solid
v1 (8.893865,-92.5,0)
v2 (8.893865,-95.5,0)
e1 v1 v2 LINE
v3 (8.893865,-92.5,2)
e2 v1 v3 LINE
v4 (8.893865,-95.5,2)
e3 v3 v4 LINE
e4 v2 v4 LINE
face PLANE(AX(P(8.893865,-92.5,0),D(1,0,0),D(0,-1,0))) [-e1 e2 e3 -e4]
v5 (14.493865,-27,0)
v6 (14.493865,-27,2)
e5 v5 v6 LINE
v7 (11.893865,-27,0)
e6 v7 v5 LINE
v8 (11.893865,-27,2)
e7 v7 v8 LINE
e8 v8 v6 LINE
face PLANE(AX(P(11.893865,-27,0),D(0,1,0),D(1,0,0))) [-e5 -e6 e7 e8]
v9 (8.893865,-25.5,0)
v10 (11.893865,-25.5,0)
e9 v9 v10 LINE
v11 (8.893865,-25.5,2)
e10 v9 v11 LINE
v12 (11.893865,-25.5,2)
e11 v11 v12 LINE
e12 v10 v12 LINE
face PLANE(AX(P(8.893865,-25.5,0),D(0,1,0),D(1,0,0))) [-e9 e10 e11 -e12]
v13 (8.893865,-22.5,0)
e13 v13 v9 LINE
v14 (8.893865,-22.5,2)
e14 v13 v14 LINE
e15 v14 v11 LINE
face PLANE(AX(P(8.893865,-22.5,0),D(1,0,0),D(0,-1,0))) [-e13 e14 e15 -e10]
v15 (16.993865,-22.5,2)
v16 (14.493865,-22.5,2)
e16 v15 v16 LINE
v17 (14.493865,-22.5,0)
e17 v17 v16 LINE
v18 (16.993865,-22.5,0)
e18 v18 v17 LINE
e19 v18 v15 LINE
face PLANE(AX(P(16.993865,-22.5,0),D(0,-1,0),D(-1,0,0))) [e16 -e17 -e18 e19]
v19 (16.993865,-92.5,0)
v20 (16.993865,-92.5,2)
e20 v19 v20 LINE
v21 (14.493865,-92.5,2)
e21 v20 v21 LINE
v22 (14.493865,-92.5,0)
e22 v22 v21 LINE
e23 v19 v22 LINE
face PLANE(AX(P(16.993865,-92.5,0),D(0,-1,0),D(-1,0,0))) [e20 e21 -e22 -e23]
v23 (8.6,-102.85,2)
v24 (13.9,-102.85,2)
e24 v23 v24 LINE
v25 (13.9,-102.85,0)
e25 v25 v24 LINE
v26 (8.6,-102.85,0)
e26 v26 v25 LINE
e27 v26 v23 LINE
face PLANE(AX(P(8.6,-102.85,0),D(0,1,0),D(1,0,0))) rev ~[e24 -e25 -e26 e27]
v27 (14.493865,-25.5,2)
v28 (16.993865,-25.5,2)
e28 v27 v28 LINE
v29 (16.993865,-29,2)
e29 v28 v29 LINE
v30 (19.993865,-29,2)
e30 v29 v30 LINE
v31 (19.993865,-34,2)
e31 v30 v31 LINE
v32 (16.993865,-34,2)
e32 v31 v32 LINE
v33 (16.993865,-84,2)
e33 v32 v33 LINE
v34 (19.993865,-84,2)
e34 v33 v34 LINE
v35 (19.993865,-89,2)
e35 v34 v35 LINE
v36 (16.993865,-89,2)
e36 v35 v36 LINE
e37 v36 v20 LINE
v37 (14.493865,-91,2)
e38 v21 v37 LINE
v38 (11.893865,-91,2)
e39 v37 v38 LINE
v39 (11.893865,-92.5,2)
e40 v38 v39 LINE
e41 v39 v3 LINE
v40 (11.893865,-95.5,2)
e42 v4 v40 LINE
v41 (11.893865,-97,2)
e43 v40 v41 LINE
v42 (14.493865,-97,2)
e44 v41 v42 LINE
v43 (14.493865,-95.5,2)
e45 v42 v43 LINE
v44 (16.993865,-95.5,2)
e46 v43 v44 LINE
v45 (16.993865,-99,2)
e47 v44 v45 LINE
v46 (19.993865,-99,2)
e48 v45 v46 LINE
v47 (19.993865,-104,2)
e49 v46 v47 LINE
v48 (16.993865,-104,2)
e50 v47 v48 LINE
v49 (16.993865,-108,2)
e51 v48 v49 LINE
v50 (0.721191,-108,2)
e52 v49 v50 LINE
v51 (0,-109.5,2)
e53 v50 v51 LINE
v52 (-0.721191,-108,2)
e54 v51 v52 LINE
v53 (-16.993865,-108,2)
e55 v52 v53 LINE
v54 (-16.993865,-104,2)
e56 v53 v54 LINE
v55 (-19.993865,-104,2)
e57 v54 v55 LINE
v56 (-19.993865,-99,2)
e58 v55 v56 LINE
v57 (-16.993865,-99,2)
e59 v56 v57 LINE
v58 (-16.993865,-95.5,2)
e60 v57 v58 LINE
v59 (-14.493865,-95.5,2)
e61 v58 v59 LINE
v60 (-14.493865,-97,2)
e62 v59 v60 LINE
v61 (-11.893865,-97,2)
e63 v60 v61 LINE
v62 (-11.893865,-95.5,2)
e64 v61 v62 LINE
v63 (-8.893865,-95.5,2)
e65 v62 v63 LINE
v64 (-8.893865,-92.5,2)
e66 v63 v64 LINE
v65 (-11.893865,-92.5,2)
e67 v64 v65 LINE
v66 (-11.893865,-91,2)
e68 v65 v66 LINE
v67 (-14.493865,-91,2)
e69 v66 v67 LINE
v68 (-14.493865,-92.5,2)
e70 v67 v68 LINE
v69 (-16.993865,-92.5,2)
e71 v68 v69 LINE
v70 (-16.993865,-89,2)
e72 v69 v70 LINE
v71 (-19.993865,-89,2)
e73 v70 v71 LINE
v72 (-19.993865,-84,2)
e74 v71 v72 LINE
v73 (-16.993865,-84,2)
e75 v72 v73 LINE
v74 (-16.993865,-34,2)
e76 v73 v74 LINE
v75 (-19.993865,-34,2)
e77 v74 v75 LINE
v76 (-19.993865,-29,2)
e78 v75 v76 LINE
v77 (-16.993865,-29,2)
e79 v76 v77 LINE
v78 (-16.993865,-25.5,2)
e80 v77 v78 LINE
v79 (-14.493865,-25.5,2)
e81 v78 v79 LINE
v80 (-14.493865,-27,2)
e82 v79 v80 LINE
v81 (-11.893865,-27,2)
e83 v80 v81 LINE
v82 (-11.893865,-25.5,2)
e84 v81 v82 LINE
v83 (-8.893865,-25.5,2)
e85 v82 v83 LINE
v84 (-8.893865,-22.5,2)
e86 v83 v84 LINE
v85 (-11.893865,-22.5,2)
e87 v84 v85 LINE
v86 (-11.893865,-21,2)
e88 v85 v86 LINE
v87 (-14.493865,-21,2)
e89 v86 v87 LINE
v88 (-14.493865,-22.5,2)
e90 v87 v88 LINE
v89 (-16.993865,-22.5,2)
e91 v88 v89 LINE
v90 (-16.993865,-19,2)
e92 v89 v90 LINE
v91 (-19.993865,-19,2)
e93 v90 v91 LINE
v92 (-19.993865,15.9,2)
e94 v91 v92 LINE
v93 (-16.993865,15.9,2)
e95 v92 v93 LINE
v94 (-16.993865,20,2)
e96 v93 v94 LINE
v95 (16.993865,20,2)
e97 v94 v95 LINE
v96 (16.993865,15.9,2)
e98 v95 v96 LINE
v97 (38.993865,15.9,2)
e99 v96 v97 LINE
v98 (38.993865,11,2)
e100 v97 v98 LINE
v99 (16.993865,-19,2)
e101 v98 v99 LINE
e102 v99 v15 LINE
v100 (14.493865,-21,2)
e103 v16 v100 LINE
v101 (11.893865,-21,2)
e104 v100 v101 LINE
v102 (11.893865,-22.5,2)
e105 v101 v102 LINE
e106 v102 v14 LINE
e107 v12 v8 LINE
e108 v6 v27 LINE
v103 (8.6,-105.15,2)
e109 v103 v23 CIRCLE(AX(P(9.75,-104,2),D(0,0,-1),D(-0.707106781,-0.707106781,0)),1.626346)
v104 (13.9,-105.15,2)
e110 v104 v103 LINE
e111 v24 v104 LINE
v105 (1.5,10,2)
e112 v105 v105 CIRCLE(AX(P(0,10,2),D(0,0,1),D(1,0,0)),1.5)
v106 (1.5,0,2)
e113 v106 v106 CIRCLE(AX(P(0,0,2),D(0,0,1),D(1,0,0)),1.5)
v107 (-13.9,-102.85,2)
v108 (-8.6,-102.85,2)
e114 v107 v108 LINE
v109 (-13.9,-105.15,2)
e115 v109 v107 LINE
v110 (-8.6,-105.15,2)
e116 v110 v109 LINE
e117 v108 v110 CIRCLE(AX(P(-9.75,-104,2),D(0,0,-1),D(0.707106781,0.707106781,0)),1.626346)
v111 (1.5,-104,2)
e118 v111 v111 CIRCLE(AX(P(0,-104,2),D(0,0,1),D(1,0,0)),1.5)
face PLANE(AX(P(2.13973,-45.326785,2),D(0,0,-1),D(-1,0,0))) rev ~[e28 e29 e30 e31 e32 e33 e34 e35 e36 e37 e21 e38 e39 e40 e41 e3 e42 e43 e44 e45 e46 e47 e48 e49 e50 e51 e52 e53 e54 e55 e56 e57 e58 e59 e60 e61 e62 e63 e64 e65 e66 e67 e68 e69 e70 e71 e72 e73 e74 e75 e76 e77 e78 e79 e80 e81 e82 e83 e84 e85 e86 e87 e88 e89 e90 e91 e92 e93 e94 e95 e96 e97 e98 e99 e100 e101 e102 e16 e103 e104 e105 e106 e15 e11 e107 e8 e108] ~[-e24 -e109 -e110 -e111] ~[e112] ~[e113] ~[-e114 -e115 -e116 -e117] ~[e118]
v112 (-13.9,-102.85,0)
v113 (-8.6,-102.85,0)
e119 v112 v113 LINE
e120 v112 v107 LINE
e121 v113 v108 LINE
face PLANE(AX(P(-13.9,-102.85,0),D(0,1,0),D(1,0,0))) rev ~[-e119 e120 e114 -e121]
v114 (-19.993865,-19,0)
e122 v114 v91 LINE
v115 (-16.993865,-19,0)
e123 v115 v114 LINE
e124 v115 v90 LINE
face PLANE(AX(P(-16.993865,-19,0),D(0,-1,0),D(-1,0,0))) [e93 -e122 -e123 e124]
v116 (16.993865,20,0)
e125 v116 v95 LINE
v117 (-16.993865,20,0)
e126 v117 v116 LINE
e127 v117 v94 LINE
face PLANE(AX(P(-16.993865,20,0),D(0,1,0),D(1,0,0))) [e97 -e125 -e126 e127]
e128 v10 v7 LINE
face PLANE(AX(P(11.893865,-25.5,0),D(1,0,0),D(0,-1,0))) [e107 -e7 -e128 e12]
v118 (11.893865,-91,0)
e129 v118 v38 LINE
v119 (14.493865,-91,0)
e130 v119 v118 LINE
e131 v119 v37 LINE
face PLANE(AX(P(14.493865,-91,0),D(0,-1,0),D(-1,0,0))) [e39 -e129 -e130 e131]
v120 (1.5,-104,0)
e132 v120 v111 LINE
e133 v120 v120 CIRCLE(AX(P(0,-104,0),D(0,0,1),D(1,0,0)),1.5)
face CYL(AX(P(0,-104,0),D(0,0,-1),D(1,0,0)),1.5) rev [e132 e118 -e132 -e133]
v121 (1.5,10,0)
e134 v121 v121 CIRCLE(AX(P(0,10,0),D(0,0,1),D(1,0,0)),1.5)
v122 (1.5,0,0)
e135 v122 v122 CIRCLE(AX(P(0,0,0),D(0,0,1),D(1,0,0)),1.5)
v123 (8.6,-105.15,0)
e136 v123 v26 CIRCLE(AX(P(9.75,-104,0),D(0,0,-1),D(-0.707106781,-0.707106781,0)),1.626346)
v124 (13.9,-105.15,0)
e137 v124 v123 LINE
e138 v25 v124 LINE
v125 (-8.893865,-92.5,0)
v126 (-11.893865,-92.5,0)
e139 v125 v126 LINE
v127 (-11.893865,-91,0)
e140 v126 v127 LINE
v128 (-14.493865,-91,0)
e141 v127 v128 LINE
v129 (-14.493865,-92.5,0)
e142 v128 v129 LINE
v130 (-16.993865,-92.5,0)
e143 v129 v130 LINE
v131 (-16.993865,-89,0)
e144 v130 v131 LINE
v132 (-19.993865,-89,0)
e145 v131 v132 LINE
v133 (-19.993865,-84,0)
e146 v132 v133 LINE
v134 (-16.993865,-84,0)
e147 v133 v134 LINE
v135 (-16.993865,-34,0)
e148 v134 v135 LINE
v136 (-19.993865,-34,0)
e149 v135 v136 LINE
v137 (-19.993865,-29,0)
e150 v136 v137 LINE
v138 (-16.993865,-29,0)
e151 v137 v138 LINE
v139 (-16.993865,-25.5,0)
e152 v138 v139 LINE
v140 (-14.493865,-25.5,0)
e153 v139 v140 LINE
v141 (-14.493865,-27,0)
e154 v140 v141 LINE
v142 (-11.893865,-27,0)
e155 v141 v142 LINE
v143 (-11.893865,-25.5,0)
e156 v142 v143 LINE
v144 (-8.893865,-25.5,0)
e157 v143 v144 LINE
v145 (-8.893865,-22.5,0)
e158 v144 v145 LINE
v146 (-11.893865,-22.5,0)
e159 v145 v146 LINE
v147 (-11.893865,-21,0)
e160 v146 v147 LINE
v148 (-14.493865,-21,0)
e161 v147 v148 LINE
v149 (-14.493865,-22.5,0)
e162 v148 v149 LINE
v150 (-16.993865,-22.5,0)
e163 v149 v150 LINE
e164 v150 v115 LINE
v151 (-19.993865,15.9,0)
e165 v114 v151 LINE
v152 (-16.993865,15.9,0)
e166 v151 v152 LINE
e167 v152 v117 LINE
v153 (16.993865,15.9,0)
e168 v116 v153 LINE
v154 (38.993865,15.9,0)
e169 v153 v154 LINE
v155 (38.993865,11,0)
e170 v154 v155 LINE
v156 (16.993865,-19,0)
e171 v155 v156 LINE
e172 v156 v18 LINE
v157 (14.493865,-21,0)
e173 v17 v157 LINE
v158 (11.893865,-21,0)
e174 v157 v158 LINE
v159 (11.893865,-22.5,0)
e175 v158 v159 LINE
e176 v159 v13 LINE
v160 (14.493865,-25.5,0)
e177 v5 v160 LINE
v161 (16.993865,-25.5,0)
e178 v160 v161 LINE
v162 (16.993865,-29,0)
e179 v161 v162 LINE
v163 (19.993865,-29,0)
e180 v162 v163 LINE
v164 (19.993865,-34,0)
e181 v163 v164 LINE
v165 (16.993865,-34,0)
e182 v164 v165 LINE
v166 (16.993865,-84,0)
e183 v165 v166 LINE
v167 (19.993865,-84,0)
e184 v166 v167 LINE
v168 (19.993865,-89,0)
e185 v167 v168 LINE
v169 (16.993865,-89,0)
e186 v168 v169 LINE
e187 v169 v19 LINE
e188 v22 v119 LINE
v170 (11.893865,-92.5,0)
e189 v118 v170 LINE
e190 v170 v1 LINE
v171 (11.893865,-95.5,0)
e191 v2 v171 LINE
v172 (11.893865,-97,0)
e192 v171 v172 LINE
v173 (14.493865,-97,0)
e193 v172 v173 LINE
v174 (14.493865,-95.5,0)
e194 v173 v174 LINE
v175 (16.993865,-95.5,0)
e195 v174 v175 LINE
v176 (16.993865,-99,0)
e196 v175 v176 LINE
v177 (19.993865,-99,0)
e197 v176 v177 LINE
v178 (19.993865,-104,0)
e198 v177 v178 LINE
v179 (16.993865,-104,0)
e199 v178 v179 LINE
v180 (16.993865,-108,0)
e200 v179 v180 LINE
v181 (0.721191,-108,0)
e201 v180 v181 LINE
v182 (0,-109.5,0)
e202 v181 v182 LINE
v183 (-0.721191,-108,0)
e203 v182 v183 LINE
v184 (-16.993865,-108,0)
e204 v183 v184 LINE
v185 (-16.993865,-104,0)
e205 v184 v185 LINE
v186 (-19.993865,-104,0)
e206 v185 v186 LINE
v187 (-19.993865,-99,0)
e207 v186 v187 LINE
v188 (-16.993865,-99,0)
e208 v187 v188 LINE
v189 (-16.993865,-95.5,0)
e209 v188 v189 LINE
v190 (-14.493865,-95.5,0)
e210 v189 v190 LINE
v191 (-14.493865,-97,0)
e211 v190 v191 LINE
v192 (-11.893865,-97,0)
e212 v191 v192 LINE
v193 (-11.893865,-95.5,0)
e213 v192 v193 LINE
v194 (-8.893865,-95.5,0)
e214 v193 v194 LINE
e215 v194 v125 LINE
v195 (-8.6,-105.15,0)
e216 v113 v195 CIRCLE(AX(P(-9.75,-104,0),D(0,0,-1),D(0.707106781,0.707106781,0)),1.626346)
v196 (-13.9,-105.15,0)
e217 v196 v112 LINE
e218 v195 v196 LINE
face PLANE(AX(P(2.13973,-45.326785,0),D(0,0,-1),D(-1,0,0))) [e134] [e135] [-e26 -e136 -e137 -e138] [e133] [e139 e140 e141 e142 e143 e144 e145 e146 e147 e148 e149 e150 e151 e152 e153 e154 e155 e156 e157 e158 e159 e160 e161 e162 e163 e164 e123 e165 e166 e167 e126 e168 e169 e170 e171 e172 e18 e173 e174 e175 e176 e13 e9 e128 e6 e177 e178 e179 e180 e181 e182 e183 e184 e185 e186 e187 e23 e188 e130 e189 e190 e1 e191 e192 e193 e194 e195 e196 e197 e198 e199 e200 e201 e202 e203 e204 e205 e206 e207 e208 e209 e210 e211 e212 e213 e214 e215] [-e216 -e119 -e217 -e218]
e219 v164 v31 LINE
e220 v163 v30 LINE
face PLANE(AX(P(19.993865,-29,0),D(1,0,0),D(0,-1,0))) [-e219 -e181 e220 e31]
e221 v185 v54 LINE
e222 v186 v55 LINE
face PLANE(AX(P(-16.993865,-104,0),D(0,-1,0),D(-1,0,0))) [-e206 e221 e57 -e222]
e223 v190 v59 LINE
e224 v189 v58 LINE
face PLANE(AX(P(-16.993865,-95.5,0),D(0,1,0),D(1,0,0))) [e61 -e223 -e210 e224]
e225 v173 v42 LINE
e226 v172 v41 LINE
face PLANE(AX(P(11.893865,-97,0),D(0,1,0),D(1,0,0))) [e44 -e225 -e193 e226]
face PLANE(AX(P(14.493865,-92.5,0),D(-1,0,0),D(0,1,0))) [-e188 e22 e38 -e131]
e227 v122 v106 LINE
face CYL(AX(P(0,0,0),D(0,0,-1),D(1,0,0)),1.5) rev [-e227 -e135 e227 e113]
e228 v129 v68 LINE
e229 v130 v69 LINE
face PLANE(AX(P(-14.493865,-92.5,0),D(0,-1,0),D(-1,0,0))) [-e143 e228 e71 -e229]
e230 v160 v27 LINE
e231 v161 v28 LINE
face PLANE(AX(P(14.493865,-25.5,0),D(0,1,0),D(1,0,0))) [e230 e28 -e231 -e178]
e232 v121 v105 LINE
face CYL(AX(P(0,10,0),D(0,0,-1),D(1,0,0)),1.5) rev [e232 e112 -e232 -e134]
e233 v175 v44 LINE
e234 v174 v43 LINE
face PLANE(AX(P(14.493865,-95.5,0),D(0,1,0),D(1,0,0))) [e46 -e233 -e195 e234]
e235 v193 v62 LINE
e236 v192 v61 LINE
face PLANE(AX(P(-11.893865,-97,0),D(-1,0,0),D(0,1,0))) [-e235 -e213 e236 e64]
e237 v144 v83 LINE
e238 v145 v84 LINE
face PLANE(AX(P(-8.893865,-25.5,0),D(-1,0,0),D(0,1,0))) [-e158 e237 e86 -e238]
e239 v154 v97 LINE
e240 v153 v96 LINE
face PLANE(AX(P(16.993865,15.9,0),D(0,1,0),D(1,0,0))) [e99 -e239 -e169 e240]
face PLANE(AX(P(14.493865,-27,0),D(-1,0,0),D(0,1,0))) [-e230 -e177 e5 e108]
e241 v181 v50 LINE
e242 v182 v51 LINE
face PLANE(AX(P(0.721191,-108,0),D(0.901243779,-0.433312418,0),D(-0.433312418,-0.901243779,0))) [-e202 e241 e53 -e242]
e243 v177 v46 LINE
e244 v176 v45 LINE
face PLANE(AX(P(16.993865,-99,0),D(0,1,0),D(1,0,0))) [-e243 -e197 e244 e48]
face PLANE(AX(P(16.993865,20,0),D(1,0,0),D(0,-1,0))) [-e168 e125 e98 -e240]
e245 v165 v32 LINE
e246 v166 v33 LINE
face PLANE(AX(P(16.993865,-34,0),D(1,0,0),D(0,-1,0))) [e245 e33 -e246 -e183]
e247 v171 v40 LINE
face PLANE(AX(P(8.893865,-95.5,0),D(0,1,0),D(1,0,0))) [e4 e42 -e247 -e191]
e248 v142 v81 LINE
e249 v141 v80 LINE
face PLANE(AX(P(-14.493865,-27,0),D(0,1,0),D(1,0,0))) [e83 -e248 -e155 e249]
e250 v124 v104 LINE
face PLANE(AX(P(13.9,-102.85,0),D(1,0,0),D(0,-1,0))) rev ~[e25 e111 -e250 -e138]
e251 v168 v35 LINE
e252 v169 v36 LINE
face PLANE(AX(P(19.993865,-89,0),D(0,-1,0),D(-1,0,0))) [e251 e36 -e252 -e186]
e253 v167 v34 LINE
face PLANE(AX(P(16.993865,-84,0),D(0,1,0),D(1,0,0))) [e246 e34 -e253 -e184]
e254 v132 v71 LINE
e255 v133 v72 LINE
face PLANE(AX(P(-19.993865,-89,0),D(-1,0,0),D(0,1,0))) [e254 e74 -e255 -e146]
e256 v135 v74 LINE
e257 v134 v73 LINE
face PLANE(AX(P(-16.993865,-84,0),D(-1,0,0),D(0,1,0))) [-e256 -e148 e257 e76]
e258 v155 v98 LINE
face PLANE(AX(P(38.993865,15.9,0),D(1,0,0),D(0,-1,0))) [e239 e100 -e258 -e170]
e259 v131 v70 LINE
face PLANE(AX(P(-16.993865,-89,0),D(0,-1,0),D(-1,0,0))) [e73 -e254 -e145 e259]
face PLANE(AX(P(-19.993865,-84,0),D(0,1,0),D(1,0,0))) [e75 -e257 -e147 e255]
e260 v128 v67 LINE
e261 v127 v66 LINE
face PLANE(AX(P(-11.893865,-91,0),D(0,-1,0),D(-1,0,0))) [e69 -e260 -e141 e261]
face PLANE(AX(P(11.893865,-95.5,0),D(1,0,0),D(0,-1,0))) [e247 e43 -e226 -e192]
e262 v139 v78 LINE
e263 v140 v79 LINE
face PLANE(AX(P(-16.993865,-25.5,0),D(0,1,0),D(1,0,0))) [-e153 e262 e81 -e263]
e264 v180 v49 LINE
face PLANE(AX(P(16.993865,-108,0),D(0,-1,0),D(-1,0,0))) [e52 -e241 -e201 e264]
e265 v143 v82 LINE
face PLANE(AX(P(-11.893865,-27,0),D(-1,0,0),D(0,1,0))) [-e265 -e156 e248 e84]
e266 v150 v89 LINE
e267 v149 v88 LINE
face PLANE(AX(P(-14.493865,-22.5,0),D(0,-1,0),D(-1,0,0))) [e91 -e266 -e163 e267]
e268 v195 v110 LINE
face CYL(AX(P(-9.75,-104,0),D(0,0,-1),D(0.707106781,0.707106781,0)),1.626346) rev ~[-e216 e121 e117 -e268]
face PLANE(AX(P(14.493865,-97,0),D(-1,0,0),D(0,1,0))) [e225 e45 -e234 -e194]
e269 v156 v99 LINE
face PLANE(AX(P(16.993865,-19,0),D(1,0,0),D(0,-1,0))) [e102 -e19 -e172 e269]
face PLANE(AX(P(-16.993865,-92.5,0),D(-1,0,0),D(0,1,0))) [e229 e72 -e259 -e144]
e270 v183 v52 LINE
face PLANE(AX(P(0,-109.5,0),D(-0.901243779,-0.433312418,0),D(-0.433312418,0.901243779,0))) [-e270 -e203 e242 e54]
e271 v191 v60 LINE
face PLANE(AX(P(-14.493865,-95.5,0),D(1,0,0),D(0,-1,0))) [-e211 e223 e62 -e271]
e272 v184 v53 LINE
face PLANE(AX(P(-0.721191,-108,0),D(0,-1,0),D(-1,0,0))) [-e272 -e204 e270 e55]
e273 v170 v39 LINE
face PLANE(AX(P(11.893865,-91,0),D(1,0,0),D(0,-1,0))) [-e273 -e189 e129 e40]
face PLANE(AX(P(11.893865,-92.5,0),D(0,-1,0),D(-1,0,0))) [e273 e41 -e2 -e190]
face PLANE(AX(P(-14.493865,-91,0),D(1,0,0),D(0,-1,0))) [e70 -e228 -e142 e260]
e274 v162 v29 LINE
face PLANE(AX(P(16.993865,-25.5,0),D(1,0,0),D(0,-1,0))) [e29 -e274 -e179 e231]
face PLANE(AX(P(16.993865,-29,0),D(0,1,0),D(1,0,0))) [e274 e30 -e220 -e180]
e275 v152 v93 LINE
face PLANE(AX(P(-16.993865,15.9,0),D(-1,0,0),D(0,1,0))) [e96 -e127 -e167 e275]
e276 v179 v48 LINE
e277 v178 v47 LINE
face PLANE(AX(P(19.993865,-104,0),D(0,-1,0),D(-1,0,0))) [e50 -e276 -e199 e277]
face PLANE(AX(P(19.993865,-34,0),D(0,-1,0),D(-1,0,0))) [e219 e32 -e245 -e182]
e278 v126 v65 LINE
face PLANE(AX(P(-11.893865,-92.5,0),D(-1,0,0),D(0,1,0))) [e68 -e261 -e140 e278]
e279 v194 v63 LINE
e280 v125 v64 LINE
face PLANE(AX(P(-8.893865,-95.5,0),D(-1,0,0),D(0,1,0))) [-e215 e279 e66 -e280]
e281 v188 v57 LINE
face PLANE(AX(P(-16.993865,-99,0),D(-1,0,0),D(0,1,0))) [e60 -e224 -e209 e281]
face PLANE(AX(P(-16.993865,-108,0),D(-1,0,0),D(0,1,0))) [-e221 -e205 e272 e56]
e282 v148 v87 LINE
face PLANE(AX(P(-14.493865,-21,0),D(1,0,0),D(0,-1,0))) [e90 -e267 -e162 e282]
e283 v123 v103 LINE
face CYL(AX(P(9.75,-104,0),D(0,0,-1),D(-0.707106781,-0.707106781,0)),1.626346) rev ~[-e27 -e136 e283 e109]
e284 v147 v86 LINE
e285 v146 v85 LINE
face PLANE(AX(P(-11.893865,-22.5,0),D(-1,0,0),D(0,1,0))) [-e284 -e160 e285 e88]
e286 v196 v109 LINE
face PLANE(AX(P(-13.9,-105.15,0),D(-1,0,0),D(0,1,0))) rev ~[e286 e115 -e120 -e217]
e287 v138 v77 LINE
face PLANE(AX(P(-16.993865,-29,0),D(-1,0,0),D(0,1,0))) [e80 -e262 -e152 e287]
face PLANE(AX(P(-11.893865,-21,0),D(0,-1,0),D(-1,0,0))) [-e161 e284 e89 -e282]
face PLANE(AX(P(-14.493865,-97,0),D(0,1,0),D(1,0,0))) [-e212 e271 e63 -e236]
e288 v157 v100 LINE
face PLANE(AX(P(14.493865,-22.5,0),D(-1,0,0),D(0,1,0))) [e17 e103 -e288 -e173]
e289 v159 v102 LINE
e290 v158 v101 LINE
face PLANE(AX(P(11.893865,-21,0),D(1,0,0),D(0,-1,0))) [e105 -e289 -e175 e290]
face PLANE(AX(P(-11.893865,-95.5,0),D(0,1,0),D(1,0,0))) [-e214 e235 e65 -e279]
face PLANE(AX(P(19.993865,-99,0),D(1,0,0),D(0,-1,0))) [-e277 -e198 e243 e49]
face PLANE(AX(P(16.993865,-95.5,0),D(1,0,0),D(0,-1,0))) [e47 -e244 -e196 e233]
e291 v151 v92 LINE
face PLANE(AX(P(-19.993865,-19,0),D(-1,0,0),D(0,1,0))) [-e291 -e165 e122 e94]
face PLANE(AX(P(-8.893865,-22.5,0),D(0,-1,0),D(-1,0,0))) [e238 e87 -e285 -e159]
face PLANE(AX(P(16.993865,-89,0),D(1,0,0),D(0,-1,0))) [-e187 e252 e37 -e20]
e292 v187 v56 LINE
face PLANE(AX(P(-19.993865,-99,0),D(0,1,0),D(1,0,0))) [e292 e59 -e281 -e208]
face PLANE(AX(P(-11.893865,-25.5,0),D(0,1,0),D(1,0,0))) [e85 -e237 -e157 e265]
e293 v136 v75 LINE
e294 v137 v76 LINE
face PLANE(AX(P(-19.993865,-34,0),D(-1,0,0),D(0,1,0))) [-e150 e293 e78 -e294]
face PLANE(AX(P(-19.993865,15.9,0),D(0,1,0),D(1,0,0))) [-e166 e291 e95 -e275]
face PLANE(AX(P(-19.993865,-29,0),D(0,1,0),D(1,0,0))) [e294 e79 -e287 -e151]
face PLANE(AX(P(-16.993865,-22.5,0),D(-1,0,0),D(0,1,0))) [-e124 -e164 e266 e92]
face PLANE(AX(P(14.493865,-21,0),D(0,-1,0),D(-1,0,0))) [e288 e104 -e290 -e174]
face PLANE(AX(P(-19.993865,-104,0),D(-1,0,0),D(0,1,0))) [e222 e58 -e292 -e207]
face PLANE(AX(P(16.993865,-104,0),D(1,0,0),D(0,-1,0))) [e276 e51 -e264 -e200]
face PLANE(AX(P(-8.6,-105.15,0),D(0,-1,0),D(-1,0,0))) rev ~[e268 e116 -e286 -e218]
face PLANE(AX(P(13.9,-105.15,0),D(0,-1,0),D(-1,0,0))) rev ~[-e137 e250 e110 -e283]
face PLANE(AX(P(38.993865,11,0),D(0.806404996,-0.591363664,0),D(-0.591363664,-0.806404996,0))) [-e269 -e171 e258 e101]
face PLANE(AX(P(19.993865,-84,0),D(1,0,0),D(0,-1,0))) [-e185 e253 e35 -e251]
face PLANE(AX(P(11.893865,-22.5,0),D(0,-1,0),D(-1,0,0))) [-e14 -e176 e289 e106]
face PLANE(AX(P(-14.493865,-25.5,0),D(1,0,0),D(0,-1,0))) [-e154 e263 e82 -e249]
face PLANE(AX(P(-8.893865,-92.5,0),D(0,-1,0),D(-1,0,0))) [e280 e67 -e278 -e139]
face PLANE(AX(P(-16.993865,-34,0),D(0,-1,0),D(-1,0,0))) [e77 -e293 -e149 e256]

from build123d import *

# Parameters (mm, degrees)
SKETCH_1_R      = 1.5
EXTRUDE_1_DEPTH = 2


with BuildPart() as part:
    # 草图1 → 凸台-拉伸1 (new body)
    with BuildSketch(Plane.XY):
        Polygon((16.993865071, -34), (16.993865071, -84), (19.993865071, -84), (19.993865071, -89), (16.993865071, -89), (16.993865071, -92.5), (14.493865071, -92.5), (14.493865071, -91), (11.893865071, -91), (11.893865071, -92.5), (8.893865071, -92.5), (8.893865071, -95.5), (11.893865071, -95.5), (11.893865071, -97), (14.493865071, -97), (14.493865071, -95.5), (16.993865071, -95.5), (16.993865071, -99), (19.993865071, -99), (19.993865071, -104), (16.993865071, -104), (16.993865071, -108), (0.721190694, -108), (0, -109.5), (-0.721190694, -108), (-16.993865071, -108), (-16.993865071, -104), (-19.993865071, -104), (-19.993865071, -99), (-16.993865071, -99), (-16.993865071, -95.5), (-14.493865071, -95.5), (-14.493865071, -97), (-11.893865071, -97), (-11.893865071, -95.5), (-8.893865071, -95.5), (-8.893865071, -92.5), (-11.893865071, -92.5), (-11.893865071, -91), (-14.493865071, -91), (-14.493865071, -92.5), (-16.993865071, -92.5), (-16.993865071, -89), (-19.993865071, -89), (-19.993865071, -84), (-16.993865071, -84), (-16.993865071, -34), (-19.993865071, -34), (-19.993865071, -29), (-16.993865071, -29), (-16.993865071, -25.5), (-14.493865071, -25.5), (-14.493865071, -27), (-11.893865071, -27), (-11.893865071, -25.5), (-8.893865071, -25.5), (-8.893865071, -22.5), (-11.893865071, -22.5), (-11.893865071, -21), (-14.493865071, -21), (-14.493865071, -22.5), (-16.993865071, -22.5), (-16.993865071, -19), (-19.993865071, -19), (-19.993865071, 15.9), (-16.993865071, 15.9), (-16.993865071, 20), (16.993865071, 20), (16.993865071, 15.9), (38.993865071, 15.9), (38.993865071, 11), (16.993865071, -19), (16.993865071, -22.5), (14.493865071, -22.5), (14.493865071, -21), (11.893865071, -21), (11.893865071, -22.5), (8.893865071, -22.5), (8.893865071, -25.5), (11.893865071, -25.5), (11.893865071, -27), (14.493865071, -27), (14.493865071, -25.5), (16.993865071, -25.5), (16.993865071, -29), (19.993865071, -29), (19.993865071, -34), align=None)
        with Locations((0, -104)):
            Circle(SKETCH_1_R, mode=Mode.SUBTRACT)
        Circle(SKETCH_1_R, mode=Mode.SUBTRACT)
        with Locations((0, 10)):
            Circle(SKETCH_1_R, mode=Mode.SUBTRACT)
        with BuildLine():
            Line((13.9, -105.15), (8.6, -105.15))
            ThreePointArc((8.6, -105.15), (8.123654403, -104), (8.6, -102.85))
            Line((8.6, -102.85), (13.9, -102.85))
            Line((13.9, -102.85), (13.9, -105.15))
        make_face(mode=Mode.SUBTRACT)
        with BuildLine():
            Line((-13.9, -102.85), (-8.6, -102.85))
            ThreePointArc((-8.6, -102.85), (-8.123654403, -104), (-8.6, -105.15))
            Line((-8.6, -105.15), (-13.9, -105.15))
            Line((-13.9, -105.15), (-13.9, -102.85))
        make_face(mode=Mode.SUBTRACT)
    extrude(amount=EXTRUDE_1_DEPTH)


solid = part.part
